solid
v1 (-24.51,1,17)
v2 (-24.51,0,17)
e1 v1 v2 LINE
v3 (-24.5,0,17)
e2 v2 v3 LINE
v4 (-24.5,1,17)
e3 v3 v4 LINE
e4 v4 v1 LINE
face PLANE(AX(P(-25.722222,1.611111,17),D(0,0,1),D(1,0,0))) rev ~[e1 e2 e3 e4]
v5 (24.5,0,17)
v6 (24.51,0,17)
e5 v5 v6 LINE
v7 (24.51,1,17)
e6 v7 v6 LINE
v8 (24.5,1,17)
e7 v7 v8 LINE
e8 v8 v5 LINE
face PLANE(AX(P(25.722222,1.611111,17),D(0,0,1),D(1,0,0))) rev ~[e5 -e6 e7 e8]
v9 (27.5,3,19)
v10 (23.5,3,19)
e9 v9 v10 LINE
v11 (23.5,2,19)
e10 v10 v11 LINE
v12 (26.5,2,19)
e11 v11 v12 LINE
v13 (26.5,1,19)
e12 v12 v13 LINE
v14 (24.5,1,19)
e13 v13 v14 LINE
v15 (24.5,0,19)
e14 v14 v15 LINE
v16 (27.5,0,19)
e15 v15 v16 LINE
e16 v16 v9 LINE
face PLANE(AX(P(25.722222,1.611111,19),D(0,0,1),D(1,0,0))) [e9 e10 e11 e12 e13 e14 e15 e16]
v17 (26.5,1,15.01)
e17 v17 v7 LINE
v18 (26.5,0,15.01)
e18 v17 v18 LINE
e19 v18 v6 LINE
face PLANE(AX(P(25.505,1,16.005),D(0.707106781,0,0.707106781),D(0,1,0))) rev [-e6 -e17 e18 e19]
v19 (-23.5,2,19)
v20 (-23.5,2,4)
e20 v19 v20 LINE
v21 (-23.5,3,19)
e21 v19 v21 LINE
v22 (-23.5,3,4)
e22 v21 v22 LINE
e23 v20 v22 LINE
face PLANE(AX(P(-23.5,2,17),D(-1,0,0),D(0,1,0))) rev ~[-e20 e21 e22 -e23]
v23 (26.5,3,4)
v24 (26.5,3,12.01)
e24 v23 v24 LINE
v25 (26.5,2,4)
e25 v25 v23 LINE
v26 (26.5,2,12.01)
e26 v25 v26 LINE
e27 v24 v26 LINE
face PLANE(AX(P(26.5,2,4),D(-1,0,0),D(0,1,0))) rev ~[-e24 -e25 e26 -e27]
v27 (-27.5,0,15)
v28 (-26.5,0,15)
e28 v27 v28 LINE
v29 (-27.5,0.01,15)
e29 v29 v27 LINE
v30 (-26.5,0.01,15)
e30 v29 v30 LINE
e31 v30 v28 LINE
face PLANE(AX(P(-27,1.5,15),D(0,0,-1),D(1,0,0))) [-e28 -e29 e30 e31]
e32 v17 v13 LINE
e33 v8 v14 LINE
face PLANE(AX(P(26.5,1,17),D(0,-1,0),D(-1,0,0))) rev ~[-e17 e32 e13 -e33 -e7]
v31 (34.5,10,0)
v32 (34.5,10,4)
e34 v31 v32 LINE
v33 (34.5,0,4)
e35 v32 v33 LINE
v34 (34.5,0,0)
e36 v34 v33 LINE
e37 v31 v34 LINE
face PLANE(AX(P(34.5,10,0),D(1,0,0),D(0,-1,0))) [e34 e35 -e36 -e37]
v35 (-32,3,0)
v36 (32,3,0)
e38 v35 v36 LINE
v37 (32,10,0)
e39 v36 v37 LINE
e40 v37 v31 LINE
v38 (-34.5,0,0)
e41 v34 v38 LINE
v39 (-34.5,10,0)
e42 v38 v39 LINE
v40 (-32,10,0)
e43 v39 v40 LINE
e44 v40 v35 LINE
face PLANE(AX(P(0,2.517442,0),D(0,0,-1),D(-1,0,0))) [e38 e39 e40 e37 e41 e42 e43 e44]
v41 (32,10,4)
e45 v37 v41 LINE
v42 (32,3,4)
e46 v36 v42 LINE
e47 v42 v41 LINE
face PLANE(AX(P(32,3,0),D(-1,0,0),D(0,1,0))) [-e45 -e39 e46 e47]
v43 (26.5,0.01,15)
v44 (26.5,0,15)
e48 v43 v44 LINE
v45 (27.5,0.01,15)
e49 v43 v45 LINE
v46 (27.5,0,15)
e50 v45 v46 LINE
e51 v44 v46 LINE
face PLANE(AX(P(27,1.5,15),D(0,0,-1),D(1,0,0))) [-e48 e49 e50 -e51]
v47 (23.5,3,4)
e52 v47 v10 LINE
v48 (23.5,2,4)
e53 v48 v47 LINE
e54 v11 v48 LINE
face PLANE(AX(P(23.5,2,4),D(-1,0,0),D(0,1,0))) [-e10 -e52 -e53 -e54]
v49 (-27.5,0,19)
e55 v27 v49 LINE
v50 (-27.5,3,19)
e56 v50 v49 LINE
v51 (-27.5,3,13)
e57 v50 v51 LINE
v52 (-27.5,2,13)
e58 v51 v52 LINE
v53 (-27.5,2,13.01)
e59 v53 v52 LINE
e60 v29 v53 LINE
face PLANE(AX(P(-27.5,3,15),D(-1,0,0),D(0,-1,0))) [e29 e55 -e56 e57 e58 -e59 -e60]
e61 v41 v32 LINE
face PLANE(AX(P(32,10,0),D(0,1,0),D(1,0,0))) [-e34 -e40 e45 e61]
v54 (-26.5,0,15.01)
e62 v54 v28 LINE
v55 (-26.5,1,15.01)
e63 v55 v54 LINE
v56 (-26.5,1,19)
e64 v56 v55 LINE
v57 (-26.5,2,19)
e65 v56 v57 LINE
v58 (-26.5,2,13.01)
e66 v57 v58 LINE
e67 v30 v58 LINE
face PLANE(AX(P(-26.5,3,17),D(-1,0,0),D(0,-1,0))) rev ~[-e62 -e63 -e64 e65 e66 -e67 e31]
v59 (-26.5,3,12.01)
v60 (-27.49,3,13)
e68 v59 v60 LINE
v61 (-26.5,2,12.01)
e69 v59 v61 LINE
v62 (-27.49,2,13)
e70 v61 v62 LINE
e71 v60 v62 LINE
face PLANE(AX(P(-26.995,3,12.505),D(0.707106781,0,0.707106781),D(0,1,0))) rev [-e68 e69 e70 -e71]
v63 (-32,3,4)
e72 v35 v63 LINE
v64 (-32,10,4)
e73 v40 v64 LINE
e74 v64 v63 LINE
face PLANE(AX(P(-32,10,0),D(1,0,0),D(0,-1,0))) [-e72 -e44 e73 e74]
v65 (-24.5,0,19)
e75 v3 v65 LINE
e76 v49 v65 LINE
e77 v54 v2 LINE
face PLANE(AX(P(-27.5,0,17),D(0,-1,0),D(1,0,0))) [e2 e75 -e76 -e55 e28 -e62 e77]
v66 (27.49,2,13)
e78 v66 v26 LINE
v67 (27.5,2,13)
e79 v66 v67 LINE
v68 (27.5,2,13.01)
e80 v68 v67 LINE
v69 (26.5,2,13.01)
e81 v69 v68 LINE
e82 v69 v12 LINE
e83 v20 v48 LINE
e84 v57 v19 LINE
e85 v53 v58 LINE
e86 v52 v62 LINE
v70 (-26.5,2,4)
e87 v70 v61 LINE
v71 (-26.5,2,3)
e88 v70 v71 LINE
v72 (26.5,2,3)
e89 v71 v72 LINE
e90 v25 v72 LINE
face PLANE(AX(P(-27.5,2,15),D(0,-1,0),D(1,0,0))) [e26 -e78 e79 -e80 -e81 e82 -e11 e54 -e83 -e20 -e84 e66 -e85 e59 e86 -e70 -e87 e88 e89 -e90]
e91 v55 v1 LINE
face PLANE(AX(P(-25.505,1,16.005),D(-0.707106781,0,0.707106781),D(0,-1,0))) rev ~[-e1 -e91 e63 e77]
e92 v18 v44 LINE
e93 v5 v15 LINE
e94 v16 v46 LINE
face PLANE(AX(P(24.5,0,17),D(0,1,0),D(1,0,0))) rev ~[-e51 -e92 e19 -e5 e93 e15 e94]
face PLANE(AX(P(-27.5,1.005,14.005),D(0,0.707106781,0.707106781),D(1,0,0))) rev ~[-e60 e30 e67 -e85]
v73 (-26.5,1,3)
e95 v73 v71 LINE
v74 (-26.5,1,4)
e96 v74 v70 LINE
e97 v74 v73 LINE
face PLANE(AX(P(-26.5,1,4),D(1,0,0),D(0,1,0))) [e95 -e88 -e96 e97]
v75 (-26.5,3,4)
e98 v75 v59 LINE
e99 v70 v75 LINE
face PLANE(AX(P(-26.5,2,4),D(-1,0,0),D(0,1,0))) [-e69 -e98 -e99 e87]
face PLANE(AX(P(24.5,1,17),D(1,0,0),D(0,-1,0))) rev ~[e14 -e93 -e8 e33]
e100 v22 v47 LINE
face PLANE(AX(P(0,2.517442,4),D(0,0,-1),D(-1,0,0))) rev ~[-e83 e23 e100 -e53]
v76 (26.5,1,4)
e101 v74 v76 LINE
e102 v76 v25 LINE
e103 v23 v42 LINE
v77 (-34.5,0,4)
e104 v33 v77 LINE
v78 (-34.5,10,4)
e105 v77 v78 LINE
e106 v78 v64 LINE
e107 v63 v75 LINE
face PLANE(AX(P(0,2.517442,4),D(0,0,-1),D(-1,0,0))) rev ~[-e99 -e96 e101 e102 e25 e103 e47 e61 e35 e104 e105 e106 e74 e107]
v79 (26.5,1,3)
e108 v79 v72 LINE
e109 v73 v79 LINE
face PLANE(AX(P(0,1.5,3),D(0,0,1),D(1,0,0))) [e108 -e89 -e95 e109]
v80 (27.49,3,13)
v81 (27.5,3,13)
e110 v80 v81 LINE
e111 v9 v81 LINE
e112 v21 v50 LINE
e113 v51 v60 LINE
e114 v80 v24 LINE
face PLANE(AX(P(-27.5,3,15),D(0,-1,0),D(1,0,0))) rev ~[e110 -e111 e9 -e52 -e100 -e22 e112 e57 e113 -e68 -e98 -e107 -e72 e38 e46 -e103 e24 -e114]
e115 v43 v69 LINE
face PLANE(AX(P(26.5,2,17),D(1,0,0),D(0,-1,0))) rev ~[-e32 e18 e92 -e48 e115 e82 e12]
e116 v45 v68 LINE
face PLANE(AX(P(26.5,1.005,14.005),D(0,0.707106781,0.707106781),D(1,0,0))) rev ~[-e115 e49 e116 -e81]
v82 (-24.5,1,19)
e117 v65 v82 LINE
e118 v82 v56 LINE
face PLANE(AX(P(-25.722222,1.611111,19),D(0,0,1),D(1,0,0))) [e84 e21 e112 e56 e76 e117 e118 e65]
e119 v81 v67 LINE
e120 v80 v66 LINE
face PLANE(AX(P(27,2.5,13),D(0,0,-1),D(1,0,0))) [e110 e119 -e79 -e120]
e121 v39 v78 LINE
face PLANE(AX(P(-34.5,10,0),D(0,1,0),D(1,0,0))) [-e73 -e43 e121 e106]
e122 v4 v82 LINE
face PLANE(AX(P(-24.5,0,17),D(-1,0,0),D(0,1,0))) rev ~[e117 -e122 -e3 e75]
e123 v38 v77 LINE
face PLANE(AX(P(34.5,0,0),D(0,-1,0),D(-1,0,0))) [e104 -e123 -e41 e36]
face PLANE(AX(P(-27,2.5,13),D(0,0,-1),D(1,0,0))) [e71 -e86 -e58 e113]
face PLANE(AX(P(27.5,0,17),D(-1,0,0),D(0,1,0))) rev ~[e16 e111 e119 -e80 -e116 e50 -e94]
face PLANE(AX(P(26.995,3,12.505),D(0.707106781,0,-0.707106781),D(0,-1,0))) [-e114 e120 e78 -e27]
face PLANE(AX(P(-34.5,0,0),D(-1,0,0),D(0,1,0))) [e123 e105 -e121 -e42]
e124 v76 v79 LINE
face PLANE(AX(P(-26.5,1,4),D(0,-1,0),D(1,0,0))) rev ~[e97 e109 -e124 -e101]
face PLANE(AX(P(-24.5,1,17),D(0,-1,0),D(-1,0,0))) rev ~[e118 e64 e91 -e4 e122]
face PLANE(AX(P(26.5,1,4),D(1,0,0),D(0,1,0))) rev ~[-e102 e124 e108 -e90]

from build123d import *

# Parameters (mm, degrees)
PAD_DEPTH       = 4
SKETCH001_W     = 53
SKETCH001_H     = 1
POCKET_DEPTH    = 1
SKETCH002_W     = 3
SKETCH002_H     = 1
PAD001_DEPTH    = 13
PAD002_DEPTH    = 2
SKETCH004_W     = 1
SKETCH004_H     = 3
PAD003_DEPTH    = 2
CHAMFER_SIZE    = 1.99
SKETCH005_W     = 1
SKETCH005_H     = 1
PAD004_DEPTH    = 2
CHAMFER001_SIZE = 1.99
CHAMFER002_SIZE = 0.99


with BuildPart() as part:
    # Sketch → Pad (new body)
    with BuildSketch(Plane.XY):
        Polygon((34.5, 10), (34.5, 0), (-34.5, 0), (-34.5, 10), (-32, 10), (-32, 3), (32, 3), (32, 10), align=None)
    extrude(amount=PAD_DEPTH)

    # Sketch001 (on Face10 of Pad) → Pocket (cut)
    with BuildSketch(Plane.XY.offset(4)):
        with Locations((0, 1.5)):
            Rectangle(SKETCH001_W, SKETCH001_H)
    extrude(amount=-POCKET_DEPTH, mode=Mode.SUBTRACT)

    # Sketch002 (on Face5 of Pocket) → Pad001 (join)
    with BuildSketch(Plane.XY.offset(4)):
        with Locations((-25, 2.5)):
            Rectangle(SKETCH002_W, SKETCH002_H)
        with Locations((25, 2.5)):
            Rectangle(SKETCH002_W, SKETCH002_H)
    extrude(amount=PAD001_DEPTH)

    # Sketch003 (on Face20 of Pad001) → Pad002 (join)
    with BuildSketch(Plane.XY.offset(17)):
        Polygon((-23.5, 3), (-27.5, 3), (-27.5, 0), (-24.5, 0), (-24.5, 1), (-26.5, 1), (-26.5, 2), (-23.5, 2), align=None)
        Polygon((27.5, 3), (23.5, 3), (23.5, 2), (26.5, 2), (26.5, 1), (24.5, 1), (24.5, 0), (27.5, 0), align=None)
    extrude(amount=PAD002_DEPTH)

    # Sketch004 (on Face20 of Pad002) → Pad003 (join)
    with BuildSketch(Plane(origin=(0, 0, 17), x_dir=(1, 0, 0), z_dir=(0, 0, -1))):
        with Locations((-27, -1.5)):
            Rectangle(SKETCH004_W, SKETCH004_H)
        with Locations((27, -1.5)):
            Rectangle(SKETCH004_W, SKETCH004_H)
    extrude(amount=PAD003_DEPTH)

    # Chamfer
    chamfer_edges = [part.edges().sort_by_distance(p)[0] for p in [
        (-26.5, 0.5, 17),
        (26.5, 0.5, 17),
    ]]
    chamfer(chamfer_edges, length=CHAMFER_SIZE)

    # Sketch005 (on Face4 of Chamfer) → Pad004 (join)
    with BuildSketch(Plane(origin=(0, 0, 15), x_dir=(1, 0, 0), z_dir=(0, 0, -1))):
        with Locations((-27, -2.5)):
            Rectangle(SKETCH005_W, SKETCH005_H)
        with Locations((27, -2.5)):
            Rectangle(SKETCH005_W, SKETCH005_H)
    extrude(amount=PAD004_DEPTH)

    # Chamfer001
    chamfer001_edges = [part.edges().sort_by_distance(p)[0] for p in [
        (27, 2, 15),
        (-27, 2, 15),
    ]]
    chamfer(chamfer001_edges, length=CHAMFER001_SIZE)

    # Chamfer002
    chamfer002_edges = [part.edges().sort_by_distance(p)[0] for p in [
        (-26.5, 2.5, 13),
        (26.5, 2.5, 13),
    ]]
    chamfer(chamfer002_edges, length=CHAMFER002_SIZE)


solid = part.part
